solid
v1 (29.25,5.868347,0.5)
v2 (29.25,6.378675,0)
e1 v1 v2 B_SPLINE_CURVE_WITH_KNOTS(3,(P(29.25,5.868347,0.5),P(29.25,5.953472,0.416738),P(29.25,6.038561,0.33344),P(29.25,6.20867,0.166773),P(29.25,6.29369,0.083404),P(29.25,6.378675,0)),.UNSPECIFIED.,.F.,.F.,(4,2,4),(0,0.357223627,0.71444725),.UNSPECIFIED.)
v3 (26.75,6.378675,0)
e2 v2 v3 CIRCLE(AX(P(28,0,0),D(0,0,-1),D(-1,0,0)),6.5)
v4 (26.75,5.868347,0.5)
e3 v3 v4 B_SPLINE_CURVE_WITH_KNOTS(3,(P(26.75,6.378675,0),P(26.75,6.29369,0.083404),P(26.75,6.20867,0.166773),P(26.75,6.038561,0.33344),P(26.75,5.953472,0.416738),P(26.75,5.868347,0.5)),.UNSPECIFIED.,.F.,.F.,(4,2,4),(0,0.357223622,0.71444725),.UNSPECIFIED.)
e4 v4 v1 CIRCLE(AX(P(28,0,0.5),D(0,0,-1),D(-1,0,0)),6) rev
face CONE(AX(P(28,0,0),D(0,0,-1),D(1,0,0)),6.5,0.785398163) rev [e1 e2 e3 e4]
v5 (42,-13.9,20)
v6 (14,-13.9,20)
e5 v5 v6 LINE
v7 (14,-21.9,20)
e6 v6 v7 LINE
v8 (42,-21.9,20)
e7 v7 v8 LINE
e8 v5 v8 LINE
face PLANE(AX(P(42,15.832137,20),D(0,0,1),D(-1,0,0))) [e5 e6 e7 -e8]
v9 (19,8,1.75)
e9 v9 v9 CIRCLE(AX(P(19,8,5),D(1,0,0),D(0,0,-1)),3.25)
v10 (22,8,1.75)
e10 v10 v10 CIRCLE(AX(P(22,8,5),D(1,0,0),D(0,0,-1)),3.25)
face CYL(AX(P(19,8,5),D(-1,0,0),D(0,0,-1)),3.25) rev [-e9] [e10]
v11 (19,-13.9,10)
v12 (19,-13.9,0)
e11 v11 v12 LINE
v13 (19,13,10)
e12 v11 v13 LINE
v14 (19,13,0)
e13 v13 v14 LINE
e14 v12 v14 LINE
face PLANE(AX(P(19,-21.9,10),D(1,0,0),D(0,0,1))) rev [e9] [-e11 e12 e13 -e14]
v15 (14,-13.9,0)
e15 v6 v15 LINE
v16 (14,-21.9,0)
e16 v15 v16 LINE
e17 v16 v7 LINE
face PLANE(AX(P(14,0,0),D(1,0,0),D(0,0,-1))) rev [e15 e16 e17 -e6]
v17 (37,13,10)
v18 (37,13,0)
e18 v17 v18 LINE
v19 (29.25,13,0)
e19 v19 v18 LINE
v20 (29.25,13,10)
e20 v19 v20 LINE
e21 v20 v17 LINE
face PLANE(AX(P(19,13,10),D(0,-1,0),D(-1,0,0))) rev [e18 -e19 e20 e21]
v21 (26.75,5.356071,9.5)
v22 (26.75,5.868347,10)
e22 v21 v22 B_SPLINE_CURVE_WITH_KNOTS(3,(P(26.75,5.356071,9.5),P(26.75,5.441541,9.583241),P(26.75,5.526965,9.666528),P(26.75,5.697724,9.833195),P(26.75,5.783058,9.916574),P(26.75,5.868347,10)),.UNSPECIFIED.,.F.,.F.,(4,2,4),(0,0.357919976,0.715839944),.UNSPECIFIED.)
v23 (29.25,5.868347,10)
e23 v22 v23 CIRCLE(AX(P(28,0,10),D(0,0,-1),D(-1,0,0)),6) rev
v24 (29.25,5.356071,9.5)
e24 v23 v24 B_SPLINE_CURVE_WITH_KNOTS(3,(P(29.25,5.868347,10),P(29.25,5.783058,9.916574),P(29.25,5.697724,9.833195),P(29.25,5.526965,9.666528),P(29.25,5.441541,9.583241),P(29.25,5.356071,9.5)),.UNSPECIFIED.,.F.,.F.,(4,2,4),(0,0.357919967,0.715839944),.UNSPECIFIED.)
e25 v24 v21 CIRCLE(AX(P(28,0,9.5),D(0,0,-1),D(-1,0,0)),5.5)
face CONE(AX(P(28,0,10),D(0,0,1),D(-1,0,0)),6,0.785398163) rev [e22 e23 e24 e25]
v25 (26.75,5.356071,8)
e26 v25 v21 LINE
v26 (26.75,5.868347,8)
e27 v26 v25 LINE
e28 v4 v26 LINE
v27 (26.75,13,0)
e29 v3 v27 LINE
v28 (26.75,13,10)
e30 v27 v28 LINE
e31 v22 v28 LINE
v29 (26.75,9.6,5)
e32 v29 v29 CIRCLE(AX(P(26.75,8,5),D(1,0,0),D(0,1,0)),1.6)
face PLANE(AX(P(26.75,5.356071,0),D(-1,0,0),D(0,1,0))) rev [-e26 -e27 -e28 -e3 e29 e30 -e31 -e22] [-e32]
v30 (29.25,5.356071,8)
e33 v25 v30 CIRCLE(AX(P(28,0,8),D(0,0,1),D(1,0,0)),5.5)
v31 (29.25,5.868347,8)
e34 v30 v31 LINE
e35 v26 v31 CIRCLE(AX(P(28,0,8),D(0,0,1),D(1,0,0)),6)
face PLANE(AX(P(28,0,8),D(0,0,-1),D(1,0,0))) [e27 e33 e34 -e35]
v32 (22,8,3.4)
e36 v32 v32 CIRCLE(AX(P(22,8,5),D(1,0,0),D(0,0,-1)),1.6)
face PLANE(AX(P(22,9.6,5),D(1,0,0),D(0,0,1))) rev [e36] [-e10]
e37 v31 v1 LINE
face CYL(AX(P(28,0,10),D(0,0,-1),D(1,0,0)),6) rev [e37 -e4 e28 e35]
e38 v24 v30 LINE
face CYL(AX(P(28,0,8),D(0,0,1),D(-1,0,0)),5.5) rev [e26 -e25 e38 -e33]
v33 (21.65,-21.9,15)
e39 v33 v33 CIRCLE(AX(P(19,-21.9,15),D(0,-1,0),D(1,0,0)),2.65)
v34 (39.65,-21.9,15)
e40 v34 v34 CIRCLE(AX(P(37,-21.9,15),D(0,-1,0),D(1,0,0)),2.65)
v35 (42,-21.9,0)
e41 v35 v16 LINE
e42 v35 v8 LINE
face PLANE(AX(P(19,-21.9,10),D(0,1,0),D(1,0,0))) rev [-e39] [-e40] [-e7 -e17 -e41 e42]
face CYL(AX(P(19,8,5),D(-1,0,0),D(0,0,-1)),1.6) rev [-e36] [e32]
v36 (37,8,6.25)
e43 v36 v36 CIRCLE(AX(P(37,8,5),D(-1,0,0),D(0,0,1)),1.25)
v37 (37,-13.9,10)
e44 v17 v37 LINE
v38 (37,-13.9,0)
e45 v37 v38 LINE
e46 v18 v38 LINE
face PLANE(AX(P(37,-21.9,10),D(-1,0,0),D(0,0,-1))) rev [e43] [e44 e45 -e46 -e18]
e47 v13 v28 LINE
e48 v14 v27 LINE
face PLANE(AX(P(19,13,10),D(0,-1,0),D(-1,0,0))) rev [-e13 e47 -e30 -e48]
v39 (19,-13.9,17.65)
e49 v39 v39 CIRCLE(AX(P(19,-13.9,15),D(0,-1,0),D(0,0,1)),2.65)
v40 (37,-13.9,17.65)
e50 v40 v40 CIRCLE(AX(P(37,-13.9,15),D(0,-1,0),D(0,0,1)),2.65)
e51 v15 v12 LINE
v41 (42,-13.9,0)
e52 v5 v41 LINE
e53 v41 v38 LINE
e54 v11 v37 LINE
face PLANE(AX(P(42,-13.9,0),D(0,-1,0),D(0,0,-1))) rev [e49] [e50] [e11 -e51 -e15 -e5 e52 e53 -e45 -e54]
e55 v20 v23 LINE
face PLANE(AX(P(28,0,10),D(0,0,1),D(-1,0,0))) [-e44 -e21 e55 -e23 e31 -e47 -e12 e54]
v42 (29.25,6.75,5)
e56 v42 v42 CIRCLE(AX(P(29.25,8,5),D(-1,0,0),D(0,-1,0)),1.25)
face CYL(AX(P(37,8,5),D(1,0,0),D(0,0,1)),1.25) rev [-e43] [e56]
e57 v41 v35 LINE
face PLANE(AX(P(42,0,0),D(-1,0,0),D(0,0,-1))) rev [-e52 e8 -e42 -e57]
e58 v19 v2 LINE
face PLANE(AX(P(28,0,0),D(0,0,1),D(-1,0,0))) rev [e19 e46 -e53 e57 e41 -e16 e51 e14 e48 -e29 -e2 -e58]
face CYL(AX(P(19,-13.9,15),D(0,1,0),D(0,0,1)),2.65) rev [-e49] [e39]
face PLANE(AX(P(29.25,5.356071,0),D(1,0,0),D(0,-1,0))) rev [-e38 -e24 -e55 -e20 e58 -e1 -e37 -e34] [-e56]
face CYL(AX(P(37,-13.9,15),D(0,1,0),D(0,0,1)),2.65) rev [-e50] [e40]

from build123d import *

# Parameters (mm, degrees)
SKETCH1_W                      = 18
SKETCH1_H                      = 34.9
SKETCH1_R                      = 6
BOSS_EXTRUDE1_DEPTH            = 10
BOSS_EXTRUDE2_START            = 2
SKETCH2_R                      = 6
SKETCH2_R_2                    = 5.5
BOSS_EXTRUDE2_DEPTH            = 2
SKETCH3_W                      = 2.5
SKETCH3_H                      = 7.643928679
CUT_EXTRUDE1_DEPTH             = 26.702334524
CBORE_FOR_M3_SHCS1_D           = 3.2
CBORE_FOR_M3_SHCS1_DEPTH       = 7.75
CBORE_FOR_M3_SHCS1_CBORE_D     = 6.5
CBORE_FOR_M3_SHCS1_CBORE_DEPTH = 3
TAP_DRILL_FOR_M3X0_5_TAP1_D    = 2.5
CHAMFER1_SIZE                  = 0.5
SKETCH11_W                     = 10
SKETCH11_H                     = 8
BOSS_EXTRUDE4_DEPTH            = 5
SKETCH8_W                      = 28
SKETCH8_H                      = 10
BOSS_EXTRUDE3_DEPTH            = 8
M5_CLEARANCE_HOLE1_D           = 5.3


with BuildPart() as part:
    # Sketch1 → Boss-Extrude1 (new body)
    with BuildSketch(Plane.XY):
        with Locations((0, -4.45)):
            Rectangle(SKETCH1_W, SKETCH1_H)
        Circle(SKETCH1_R, mode=Mode.SUBTRACT)
    extrude(amount=BOSS_EXTRUDE1_DEPTH)

    # Sketch2 → Boss-Extrude2 (add)
    with BuildSketch(Plane(origin=(0, 0, 10), x_dir=(-1, 0, 0), z_dir=(0, 0, -1)).offset(BOSS_EXTRUDE2_START)):
        Circle(SKETCH2_R)
        Circle(SKETCH2_R_2, mode=Mode.SUBTRACT)
    extrude(amount=-BOSS_EXTRUDE2_DEPTH)

    # Sketch3 → Cut-Extrude1 (cut, through all)
    with BuildSketch(Plane.XY.offset(10)):
        with Locations((0, 9.178035661)):
            Rectangle(SKETCH3_W, SKETCH3_H)
    extrude(amount=-CUT_EXTRUDE1_DEPTH, mode=Mode.SUBTRACT)

    # CBORE for M3 SHCS1
    with Locations(Plane(origin=(9, 0, 0), x_dir=(0, 0, -1), z_dir=(1, 0, 0))):
        with Locations((-5, 8)):
            CounterBoreHole(CBORE_FOR_M3_SHCS1_D / 2, CBORE_FOR_M3_SHCS1_CBORE_D / 2, CBORE_FOR_M3_SHCS1_CBORE_DEPTH, depth=CBORE_FOR_M3_SHCS1_DEPTH)

    # Tap Drill for M3x0.5 Tap1 (through all)
    with Locations(Plane.ZY.offset(9)):
        with Locations((5, 8)):
            Hole(TAP_DRILL_FOR_M3X0_5_TAP1_D / 2)

    # Chamfer1
    chamfer1_edges = [part.edges().sort_by_distance(p)[0] for p in [
        (0, -5.5, 10),
        (0, -6, 0),
    ]]
    chamfer(chamfer1_edges, length=CHAMFER1_SIZE)

    # Sketch11 → Boss-Extrude4 (add)
    with BuildSketch(Plane.ZY.offset(9)):
        with Locations((5, -17.9)):
            Rectangle(SKETCH11_W, SKETCH11_H)
    boss_extrude4 = extrude(amount=BOSS_EXTRUDE4_DEPTH)

    # Mirror1: Boss-Extrude4 across plane
    add(boss_extrude4.mirror(Plane(origin=(0, 0, 0), x_dir=(0, 0, 1), z_dir=(1, 0, 0))))

    # Sketch8 → Boss-Extrude3 (add)
    with BuildSketch(Plane.XZ.offset(21.9)):
        with Locations((0, 15)):
            Rectangle(SKETCH8_W, SKETCH8_H)
    extrude(amount=-BOSS_EXTRUDE3_DEPTH)

    # M5 Clearance Hole1 (through all)
    with Locations(Plane(origin=(0, -13.9, 0), x_dir=(1, 0, 0), z_dir=(0, 1, 0))):
        with Locations((-9, -15), (9, -15)):
            Hole(M5_CLEARANCE_HOLE1_D / 2)


with BuildPart() as body_2:
    # Mirror2: mirrored copy
    add(part.part.mirror(Plane.ZY.offset(-14)))


solid = body_2.part
